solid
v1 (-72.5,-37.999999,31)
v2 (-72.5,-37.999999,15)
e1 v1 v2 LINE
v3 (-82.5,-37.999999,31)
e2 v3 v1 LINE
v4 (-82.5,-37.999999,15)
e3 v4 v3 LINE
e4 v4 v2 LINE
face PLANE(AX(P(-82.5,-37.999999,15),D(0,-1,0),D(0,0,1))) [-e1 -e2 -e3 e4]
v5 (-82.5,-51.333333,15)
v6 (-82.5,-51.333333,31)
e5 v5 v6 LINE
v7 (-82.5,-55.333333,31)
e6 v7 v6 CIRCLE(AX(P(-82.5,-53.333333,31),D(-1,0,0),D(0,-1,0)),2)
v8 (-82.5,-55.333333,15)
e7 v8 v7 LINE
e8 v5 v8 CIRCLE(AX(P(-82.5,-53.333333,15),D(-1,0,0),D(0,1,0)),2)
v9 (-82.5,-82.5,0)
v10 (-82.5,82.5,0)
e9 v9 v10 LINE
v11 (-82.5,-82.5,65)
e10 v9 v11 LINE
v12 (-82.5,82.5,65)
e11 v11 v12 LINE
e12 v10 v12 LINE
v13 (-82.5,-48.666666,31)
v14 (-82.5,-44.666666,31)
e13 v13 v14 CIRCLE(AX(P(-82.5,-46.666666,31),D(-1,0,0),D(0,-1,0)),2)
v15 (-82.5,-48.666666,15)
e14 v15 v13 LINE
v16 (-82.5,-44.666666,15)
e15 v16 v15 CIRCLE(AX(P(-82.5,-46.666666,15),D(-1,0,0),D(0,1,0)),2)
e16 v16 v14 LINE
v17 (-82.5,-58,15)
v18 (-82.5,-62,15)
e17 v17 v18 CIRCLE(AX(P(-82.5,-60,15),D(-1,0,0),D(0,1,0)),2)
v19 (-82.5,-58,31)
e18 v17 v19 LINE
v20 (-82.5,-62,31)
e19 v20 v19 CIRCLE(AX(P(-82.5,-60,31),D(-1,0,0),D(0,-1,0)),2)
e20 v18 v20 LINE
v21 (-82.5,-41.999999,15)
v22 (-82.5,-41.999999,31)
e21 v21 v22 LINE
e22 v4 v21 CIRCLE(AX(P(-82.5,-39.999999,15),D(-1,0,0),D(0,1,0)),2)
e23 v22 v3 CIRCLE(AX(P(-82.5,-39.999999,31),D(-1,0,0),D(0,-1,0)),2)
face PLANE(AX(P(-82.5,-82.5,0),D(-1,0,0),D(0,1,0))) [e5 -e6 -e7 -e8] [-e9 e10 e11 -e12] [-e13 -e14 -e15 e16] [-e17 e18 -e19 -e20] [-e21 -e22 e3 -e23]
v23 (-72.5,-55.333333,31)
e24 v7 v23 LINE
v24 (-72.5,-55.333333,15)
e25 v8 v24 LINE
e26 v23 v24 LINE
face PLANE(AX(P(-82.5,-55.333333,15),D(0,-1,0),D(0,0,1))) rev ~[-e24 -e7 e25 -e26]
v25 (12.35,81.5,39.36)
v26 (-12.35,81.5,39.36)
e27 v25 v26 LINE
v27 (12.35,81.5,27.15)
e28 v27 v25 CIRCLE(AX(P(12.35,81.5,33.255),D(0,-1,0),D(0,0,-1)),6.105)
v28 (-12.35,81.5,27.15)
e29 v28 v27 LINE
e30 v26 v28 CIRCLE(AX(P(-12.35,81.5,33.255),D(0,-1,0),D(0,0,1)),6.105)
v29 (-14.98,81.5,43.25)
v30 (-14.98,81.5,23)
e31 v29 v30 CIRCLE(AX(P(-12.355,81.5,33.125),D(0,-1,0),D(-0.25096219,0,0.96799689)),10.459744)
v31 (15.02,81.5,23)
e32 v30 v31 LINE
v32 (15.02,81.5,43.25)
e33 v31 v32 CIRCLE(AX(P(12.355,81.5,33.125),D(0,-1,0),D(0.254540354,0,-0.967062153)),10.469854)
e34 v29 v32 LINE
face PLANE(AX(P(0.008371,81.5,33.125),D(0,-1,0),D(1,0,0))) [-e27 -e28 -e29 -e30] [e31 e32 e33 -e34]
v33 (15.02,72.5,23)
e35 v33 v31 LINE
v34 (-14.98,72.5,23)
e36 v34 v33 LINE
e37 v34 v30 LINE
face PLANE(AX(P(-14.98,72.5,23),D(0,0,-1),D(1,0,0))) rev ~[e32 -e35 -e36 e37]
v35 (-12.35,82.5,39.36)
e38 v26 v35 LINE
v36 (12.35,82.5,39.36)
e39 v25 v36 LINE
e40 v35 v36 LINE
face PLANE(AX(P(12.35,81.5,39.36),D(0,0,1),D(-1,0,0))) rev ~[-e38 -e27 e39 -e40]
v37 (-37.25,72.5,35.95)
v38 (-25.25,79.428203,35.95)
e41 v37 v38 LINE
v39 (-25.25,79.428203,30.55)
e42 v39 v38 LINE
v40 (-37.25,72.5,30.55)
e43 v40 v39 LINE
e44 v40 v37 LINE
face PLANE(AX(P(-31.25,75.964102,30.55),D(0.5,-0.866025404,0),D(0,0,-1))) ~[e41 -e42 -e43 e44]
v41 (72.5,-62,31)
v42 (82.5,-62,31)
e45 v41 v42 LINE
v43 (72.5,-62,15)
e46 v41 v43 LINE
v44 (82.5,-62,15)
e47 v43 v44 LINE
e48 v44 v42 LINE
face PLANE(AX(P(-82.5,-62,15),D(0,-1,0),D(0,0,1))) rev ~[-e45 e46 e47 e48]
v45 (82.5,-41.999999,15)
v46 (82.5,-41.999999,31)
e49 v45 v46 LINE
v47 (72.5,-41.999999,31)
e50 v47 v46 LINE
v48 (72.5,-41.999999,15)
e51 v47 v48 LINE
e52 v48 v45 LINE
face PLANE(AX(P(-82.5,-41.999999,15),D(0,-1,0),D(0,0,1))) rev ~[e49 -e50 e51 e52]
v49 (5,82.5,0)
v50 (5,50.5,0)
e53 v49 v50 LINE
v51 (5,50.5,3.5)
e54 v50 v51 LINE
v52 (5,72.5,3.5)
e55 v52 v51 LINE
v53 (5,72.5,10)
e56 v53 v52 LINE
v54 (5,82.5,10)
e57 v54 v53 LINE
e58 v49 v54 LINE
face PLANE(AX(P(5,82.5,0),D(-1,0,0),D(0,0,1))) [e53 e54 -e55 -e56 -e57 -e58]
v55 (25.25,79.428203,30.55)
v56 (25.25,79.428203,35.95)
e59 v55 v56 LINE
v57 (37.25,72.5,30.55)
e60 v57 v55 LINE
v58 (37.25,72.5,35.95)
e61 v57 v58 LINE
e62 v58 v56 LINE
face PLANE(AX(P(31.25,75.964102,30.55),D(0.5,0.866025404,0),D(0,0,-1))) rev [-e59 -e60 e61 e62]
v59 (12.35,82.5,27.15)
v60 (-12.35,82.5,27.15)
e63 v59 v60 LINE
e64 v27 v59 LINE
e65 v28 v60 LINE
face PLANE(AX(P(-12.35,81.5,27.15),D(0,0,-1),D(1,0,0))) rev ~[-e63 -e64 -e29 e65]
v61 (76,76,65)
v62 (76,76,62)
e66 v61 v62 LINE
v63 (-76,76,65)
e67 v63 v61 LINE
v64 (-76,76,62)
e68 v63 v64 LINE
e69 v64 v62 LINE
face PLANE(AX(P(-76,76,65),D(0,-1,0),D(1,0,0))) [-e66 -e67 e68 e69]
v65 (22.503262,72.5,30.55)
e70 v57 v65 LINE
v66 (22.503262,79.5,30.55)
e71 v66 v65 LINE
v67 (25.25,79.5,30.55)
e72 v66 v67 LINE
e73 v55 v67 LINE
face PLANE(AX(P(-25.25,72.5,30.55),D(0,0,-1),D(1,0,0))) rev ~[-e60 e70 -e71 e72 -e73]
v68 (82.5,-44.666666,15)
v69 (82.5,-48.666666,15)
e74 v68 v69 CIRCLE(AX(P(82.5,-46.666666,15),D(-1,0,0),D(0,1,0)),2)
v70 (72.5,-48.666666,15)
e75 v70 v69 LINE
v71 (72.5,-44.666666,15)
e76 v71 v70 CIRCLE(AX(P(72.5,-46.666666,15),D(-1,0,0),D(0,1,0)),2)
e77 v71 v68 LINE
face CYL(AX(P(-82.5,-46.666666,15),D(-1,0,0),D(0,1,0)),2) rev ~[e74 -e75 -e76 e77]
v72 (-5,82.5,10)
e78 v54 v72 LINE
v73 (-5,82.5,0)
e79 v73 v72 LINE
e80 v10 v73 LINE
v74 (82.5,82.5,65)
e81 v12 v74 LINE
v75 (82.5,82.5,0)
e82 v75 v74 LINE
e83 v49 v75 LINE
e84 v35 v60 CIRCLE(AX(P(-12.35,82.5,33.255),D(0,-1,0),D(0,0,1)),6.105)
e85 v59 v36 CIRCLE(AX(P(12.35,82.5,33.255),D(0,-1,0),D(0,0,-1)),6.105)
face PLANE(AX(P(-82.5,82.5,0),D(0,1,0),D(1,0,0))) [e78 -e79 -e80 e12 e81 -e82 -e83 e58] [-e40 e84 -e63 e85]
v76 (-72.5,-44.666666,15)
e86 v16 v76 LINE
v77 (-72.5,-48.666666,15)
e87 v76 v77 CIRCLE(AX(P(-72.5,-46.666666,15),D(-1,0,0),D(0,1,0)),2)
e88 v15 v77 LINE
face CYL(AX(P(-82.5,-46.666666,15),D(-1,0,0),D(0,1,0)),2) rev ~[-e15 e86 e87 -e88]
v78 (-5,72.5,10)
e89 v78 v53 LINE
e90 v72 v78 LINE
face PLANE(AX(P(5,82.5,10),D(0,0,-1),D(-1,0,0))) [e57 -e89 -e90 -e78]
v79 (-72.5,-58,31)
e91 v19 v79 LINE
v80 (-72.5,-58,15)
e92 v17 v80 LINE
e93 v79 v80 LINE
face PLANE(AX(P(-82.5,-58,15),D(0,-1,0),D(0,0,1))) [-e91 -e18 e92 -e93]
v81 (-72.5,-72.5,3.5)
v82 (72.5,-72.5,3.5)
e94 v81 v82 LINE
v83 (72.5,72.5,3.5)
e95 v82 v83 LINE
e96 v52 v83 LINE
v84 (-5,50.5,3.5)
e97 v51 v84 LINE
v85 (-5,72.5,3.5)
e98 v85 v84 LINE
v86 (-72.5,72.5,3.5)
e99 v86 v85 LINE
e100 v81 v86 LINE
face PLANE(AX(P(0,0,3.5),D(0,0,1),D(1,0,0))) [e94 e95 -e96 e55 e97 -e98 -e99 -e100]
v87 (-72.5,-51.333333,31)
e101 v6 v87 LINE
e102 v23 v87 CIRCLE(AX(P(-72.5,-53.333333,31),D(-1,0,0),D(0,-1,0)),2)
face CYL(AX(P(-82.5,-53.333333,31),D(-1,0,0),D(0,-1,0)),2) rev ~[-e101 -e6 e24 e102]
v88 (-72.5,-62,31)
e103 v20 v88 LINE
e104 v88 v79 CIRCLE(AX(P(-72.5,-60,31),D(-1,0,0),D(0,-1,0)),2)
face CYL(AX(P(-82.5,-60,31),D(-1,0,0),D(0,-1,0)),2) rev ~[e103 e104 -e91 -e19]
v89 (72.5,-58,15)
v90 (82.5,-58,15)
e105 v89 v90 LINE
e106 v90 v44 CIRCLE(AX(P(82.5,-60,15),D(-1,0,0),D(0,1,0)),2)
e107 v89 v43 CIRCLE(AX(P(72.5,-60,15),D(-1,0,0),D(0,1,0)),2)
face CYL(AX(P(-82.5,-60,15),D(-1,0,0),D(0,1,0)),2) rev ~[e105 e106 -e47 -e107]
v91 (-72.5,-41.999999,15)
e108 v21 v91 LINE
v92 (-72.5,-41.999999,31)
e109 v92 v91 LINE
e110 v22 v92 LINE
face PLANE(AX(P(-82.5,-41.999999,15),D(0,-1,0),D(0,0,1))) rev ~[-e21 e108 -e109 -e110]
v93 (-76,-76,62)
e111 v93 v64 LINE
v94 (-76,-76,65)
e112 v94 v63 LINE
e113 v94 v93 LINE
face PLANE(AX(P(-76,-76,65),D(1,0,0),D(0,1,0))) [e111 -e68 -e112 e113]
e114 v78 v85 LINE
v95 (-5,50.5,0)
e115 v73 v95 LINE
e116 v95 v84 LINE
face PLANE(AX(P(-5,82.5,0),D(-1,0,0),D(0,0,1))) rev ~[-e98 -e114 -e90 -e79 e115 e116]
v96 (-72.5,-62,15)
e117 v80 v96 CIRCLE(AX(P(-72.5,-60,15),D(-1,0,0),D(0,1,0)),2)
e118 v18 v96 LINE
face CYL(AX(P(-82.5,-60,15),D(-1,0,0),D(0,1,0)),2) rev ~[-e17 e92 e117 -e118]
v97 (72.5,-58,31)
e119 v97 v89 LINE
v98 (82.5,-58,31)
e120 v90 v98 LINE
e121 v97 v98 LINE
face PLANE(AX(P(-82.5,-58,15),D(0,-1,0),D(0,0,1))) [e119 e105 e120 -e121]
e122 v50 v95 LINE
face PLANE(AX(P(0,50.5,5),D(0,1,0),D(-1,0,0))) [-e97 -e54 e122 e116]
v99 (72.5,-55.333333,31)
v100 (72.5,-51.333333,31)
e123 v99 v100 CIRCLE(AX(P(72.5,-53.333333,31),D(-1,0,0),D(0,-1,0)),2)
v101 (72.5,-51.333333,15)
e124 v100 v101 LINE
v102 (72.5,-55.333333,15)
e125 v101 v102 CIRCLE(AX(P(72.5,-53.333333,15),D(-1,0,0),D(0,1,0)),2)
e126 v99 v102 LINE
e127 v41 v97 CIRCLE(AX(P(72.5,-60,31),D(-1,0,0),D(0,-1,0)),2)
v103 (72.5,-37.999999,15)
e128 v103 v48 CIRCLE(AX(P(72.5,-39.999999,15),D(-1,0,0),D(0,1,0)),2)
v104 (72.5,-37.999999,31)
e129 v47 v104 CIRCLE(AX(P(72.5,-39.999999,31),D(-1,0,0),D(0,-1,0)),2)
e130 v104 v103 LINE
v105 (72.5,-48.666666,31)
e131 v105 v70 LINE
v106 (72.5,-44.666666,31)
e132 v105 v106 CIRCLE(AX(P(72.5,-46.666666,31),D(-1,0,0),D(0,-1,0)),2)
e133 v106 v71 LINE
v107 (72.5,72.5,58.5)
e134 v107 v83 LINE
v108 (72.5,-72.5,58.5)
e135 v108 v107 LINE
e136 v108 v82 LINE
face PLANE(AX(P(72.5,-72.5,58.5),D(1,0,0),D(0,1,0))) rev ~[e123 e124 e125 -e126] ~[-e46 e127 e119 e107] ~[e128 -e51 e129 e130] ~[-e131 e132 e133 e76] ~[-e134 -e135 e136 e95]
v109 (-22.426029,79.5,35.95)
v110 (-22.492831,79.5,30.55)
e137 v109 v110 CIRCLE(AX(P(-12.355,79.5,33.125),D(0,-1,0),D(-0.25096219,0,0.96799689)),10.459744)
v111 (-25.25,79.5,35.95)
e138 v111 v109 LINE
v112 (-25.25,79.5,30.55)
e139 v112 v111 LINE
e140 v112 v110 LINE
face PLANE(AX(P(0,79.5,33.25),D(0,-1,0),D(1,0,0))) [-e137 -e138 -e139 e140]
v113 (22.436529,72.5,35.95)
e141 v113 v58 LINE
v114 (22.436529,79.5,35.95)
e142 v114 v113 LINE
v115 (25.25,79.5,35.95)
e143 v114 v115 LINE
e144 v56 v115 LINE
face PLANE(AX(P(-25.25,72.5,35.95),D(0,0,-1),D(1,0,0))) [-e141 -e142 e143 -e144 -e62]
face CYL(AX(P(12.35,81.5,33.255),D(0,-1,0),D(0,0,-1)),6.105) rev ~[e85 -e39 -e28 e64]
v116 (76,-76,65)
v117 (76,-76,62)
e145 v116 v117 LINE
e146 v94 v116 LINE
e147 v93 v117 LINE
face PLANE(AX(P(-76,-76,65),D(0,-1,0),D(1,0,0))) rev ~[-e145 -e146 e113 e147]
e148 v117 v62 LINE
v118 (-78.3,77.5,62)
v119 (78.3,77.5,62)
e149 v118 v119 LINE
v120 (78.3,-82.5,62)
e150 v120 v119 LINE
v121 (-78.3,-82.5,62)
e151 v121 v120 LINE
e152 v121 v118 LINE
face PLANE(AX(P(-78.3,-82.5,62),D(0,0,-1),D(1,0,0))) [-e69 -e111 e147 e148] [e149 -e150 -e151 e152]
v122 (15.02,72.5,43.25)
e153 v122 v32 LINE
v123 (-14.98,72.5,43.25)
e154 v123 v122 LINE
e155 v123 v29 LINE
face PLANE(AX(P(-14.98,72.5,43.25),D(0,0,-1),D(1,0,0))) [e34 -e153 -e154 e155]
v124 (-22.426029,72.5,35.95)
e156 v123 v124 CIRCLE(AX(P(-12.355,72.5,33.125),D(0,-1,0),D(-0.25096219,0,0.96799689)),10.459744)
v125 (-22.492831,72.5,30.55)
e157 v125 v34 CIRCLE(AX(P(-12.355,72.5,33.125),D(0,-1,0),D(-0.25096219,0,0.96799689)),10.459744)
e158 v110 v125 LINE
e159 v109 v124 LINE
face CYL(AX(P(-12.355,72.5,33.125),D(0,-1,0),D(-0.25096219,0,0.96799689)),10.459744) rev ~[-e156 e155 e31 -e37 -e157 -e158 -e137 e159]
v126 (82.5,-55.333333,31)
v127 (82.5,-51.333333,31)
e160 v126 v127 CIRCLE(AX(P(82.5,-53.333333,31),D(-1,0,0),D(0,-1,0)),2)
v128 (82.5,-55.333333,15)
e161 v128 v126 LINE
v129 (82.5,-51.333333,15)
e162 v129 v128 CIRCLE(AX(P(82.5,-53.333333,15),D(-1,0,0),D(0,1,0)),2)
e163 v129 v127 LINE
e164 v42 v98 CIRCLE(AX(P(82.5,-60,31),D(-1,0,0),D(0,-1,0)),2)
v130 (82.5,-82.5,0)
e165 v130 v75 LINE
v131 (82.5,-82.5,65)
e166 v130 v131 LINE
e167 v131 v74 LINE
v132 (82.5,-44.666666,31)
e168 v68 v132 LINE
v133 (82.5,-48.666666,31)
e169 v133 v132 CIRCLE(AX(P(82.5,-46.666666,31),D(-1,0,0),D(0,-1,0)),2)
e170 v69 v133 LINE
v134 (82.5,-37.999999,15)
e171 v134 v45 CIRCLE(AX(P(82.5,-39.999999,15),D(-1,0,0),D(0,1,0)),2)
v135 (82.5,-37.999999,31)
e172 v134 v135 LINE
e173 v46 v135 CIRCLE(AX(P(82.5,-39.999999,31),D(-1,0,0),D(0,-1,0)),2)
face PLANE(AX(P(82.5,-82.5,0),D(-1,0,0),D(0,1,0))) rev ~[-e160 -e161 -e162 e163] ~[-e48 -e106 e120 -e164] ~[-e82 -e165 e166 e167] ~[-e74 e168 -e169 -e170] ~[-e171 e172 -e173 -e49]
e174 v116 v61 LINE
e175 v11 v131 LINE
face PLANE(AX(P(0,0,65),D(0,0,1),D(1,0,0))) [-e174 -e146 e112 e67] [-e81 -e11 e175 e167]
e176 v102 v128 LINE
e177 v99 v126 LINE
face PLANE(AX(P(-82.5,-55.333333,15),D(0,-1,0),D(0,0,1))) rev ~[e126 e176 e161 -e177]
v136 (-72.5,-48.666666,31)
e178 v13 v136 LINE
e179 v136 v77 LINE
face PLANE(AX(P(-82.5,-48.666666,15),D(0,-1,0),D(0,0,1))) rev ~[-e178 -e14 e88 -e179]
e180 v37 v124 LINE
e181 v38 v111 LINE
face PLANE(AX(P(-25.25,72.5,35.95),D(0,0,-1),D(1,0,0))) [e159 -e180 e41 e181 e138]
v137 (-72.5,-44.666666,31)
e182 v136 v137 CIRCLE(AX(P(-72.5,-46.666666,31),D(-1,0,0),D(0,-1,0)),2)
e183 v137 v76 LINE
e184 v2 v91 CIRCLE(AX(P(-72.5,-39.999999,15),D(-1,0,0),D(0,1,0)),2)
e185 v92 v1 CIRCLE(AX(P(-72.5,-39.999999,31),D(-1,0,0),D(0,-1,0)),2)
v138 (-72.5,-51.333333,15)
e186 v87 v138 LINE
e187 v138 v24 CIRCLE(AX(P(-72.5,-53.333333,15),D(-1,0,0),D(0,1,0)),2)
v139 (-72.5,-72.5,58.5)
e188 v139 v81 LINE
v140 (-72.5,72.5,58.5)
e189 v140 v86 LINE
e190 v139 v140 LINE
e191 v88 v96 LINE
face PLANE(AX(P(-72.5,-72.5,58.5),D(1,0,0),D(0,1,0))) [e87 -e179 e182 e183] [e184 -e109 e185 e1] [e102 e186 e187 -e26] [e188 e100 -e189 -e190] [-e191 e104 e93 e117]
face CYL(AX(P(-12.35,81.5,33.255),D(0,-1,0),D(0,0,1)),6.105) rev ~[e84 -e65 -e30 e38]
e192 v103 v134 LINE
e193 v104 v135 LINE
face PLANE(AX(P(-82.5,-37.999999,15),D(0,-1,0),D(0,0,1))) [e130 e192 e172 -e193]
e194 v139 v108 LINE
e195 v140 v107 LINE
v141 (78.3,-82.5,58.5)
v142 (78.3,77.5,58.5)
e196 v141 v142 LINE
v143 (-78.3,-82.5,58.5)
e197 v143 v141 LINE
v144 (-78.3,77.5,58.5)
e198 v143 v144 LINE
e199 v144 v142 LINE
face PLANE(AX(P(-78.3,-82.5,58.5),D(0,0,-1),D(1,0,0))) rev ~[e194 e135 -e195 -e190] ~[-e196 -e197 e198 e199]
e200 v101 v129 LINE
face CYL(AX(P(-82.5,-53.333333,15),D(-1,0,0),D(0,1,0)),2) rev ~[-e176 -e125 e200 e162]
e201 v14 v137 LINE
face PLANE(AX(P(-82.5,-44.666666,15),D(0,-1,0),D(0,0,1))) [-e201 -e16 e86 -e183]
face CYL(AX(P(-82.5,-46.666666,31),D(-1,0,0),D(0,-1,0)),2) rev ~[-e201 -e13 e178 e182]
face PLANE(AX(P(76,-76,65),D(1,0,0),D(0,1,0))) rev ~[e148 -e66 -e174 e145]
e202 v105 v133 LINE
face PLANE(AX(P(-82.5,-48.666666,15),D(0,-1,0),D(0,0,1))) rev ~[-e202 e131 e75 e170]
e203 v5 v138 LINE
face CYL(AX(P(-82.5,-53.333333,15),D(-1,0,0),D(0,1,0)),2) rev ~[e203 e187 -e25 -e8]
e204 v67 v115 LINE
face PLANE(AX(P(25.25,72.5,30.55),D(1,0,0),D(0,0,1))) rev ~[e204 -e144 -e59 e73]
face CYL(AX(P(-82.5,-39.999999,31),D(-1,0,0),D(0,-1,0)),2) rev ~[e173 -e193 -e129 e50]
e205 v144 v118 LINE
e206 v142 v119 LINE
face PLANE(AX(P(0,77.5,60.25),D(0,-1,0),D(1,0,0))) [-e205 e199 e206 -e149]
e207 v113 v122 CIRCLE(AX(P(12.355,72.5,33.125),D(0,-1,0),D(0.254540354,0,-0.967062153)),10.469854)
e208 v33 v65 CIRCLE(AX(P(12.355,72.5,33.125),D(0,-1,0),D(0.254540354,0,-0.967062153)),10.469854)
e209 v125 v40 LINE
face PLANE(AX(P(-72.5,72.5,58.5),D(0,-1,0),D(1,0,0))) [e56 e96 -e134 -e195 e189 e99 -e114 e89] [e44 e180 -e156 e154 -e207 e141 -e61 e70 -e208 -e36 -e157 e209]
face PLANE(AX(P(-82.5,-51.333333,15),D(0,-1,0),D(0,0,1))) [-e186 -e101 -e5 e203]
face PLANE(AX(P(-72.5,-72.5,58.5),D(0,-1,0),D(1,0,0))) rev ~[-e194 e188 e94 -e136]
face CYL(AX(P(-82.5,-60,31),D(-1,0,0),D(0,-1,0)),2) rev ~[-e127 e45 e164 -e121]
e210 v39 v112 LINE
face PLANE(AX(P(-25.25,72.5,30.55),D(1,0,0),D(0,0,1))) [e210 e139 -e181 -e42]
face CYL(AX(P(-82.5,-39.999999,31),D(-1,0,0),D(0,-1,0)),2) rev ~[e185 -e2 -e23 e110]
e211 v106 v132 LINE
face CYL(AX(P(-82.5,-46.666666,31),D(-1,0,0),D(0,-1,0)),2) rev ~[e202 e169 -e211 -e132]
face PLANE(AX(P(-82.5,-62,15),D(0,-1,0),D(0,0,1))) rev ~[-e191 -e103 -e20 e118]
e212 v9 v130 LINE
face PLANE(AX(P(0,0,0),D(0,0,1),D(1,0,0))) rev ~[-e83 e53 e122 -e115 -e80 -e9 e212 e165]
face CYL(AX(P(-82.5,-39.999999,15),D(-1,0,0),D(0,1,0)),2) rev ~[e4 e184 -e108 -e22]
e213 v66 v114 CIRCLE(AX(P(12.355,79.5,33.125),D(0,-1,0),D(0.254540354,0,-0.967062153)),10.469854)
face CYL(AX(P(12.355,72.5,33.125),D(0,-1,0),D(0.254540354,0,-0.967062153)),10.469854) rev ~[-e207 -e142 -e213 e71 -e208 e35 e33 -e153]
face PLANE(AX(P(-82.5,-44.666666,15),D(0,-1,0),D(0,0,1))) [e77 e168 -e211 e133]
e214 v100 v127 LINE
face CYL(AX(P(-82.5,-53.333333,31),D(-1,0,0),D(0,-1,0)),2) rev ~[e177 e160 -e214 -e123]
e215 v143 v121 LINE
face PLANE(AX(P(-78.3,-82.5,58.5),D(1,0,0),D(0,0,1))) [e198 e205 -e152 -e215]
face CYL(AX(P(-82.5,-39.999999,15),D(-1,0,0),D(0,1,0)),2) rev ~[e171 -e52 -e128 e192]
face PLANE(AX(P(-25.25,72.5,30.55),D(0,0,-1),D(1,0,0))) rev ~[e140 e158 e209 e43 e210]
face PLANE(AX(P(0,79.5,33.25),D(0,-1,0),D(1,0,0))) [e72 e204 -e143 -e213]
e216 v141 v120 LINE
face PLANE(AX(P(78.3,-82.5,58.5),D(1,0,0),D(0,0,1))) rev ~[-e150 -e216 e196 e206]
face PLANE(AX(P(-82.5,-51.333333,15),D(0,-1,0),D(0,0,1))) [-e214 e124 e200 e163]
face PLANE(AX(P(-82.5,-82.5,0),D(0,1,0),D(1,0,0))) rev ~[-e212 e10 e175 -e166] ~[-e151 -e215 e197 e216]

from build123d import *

# Parameters (mm, degrees)
SKETCH_W            = 165
SKETCH_H            = 165
PAD_DEPTH           = 65
SKETCH002_W         = 152
SKETCH002_H         = 152
POCKET_DEPTH        = 6.5
SKETCH003_W         = 145
SKETCH003_H         = 145
POCKET001_DEPTH     = 55
SKETCH005_W         = 156.6
SKETCH005_H         = 3.5
POCKET003_DEPTH     = 160
POCKET004_DEPTH     = 165.001
LINEARPATTERN_COUNT = 4
LINEARPATTERN_PITCH = 6.666667
SKETCH008_W         = 10
SKETCH008_H         = 10
POCKET005_DEPTH     = 32
POCKET006_DEPTH     = 9
SKETCH013_W         = 50.5
SKETCH013_H         = 5.4
POCKET007_DEPTH     = 7
CHAMFER_ANGLE       = 30
CHAMFER_SIZE        = 12
CHAMFER001_ANGLE    = 30
CHAMFER001_SIZE     = 12
POCKET008_DEPTH     = 1.001


with BuildPart() as part:
    # Sketch → Pad (new body)
    with BuildSketch(Plane.XY):
        Rectangle(SKETCH_W, SKETCH_H)
    extrude(amount=PAD_DEPTH)

    # Sketch002 (on Face6 of Pad) → Pocket (cut)
    with BuildSketch(Plane.XY.offset(65)):
        Rectangle(SKETCH002_W, SKETCH002_H)
    extrude(amount=-POCKET_DEPTH, mode=Mode.SUBTRACT)

    # Sketch003 (on Face11 of Pocket) → Pocket001 (cut)
    with BuildSketch(Plane.XY.offset(58.5)):
        Rectangle(SKETCH003_W, SKETCH003_H)
    extrude(amount=-POCKET001_DEPTH, mode=Mode.SUBTRACT)

    # Sketch005 → Pocket003 (cut)
    with BuildSketch(Plane.XZ.offset(82.5)):
        with Locations((0, 60.25)):
            Rectangle(SKETCH005_W, SKETCH005_H)
    extrude(amount=-POCKET003_DEPTH, mode=Mode.SUBTRACT)

    # Sketch007 (on Face2 of Pocket003) → Pocket004 (cut, through all)
    with BuildSketch(Plane(origin=(-82.5, 0, 0), x_dir=(0, -1, 0), z_dir=(-1, 0, 0))):
        with BuildLine():
            ThreePointArc((58, 15), (60, 13), (62, 15))
            Line((62, 15), (62, 31))
            ThreePointArc((62, 31), (60, 33), (58, 31))
            Line((58, 15), (58, 31))
        make_face()
    pocket004 = extrude(amount=-POCKET004_DEPTH, mode=Mode.SUBTRACT)

    # LinearPattern: Pocket004 ×4
    with Locations(*[(0, i * LINEARPATTERN_PITCH, 0) for i in range(1, LINEARPATTERN_COUNT)]):
        add(pocket004, mode=Mode.SUBTRACT)

    # Sketch008 (on Face10 of LinearPattern) → Pocket005 (cut)
    with BuildSketch(Plane(origin=(0, 82.5, 0), x_dir=(-1, 0, 0), z_dir=(0, 1, 0))):
        with Locations((0, 5)):
            Rectangle(SKETCH008_W, SKETCH008_H)
    extrude(amount=-POCKET005_DEPTH, mode=Mode.SUBTRACT)

    # Sketch012 (on Face53 of Pocket005) → Pocket006 (cut)
    with BuildSketch(Plane.XZ.offset(-72.5)):
        with BuildLine():
            ThreePointArc((-14.98, 43.25), (-22.814744, 33.125), (-14.98, 23))
            Line((-14.98, 23), (15.02, 23))
            ThreePointArc((15.02, 23), (22.824854, 33.125), (15.02, 43.25))
            Line((-14.98, 43.25), (15.02, 43.25))
        make_face()
    extrude(amount=-POCKET006_DEPTH, mode=Mode.SUBTRACT)

    # Sketch013 (on Face53 of Pocket006) → Pocket007 (cut)
    with BuildSketch(Plane.XZ.offset(-72.5)):
        with Locations((0, 33.25)):
            Rectangle(SKETCH013_W, SKETCH013_H)
    extrude(amount=-POCKET007_DEPTH, mode=Mode.SUBTRACT)

    # Chamfer
    chamfer_edges = [part.edges().sort_by_distance(p)[0] for p in [
        (-25.25, 72.5, 33.25),
    ]]
    chamfer_side = part.faces().sort_by_distance((0, 72.5, 56.949194))[0]
    chamfer(chamfer_edges, length=CHAMFER_SIZE, angle=CHAMFER_ANGLE, reference=chamfer_side)

    # Chamfer001
    chamfer001_edges = [part.edges().sort_by_distance(p)[0] for p in [
        (25.25, 72.5, 33.25),
    ]]
    chamfer001_side = part.faces().sort_by_distance((-31.25, 72.5, 37.500806))[0]
    chamfer(chamfer001_edges, length=CHAMFER001_SIZE, angle=CHAMFER001_ANGLE, reference=chamfer001_side)

    # Sketch014 (on Face21 of Chamfer001) → Pocket008 (cut, through all)
    with BuildSketch(Plane.XZ.offset(-81.5)):
        with BuildLine():
            Line((12.35, 39.36), (-12.35, 39.36))
            ThreePointArc((-12.35, 39.36), (-18.455, 33.255), (-12.35, 27.15))
            Line((-12.35, 27.15), (12.35, 27.15))
            ThreePointArc((12.35, 27.15), (18.455, 33.255), (12.35, 39.36))
        make_face()
    extrude(amount=-POCKET008_DEPTH, mode=Mode.SUBTRACT)


solid = part.part
